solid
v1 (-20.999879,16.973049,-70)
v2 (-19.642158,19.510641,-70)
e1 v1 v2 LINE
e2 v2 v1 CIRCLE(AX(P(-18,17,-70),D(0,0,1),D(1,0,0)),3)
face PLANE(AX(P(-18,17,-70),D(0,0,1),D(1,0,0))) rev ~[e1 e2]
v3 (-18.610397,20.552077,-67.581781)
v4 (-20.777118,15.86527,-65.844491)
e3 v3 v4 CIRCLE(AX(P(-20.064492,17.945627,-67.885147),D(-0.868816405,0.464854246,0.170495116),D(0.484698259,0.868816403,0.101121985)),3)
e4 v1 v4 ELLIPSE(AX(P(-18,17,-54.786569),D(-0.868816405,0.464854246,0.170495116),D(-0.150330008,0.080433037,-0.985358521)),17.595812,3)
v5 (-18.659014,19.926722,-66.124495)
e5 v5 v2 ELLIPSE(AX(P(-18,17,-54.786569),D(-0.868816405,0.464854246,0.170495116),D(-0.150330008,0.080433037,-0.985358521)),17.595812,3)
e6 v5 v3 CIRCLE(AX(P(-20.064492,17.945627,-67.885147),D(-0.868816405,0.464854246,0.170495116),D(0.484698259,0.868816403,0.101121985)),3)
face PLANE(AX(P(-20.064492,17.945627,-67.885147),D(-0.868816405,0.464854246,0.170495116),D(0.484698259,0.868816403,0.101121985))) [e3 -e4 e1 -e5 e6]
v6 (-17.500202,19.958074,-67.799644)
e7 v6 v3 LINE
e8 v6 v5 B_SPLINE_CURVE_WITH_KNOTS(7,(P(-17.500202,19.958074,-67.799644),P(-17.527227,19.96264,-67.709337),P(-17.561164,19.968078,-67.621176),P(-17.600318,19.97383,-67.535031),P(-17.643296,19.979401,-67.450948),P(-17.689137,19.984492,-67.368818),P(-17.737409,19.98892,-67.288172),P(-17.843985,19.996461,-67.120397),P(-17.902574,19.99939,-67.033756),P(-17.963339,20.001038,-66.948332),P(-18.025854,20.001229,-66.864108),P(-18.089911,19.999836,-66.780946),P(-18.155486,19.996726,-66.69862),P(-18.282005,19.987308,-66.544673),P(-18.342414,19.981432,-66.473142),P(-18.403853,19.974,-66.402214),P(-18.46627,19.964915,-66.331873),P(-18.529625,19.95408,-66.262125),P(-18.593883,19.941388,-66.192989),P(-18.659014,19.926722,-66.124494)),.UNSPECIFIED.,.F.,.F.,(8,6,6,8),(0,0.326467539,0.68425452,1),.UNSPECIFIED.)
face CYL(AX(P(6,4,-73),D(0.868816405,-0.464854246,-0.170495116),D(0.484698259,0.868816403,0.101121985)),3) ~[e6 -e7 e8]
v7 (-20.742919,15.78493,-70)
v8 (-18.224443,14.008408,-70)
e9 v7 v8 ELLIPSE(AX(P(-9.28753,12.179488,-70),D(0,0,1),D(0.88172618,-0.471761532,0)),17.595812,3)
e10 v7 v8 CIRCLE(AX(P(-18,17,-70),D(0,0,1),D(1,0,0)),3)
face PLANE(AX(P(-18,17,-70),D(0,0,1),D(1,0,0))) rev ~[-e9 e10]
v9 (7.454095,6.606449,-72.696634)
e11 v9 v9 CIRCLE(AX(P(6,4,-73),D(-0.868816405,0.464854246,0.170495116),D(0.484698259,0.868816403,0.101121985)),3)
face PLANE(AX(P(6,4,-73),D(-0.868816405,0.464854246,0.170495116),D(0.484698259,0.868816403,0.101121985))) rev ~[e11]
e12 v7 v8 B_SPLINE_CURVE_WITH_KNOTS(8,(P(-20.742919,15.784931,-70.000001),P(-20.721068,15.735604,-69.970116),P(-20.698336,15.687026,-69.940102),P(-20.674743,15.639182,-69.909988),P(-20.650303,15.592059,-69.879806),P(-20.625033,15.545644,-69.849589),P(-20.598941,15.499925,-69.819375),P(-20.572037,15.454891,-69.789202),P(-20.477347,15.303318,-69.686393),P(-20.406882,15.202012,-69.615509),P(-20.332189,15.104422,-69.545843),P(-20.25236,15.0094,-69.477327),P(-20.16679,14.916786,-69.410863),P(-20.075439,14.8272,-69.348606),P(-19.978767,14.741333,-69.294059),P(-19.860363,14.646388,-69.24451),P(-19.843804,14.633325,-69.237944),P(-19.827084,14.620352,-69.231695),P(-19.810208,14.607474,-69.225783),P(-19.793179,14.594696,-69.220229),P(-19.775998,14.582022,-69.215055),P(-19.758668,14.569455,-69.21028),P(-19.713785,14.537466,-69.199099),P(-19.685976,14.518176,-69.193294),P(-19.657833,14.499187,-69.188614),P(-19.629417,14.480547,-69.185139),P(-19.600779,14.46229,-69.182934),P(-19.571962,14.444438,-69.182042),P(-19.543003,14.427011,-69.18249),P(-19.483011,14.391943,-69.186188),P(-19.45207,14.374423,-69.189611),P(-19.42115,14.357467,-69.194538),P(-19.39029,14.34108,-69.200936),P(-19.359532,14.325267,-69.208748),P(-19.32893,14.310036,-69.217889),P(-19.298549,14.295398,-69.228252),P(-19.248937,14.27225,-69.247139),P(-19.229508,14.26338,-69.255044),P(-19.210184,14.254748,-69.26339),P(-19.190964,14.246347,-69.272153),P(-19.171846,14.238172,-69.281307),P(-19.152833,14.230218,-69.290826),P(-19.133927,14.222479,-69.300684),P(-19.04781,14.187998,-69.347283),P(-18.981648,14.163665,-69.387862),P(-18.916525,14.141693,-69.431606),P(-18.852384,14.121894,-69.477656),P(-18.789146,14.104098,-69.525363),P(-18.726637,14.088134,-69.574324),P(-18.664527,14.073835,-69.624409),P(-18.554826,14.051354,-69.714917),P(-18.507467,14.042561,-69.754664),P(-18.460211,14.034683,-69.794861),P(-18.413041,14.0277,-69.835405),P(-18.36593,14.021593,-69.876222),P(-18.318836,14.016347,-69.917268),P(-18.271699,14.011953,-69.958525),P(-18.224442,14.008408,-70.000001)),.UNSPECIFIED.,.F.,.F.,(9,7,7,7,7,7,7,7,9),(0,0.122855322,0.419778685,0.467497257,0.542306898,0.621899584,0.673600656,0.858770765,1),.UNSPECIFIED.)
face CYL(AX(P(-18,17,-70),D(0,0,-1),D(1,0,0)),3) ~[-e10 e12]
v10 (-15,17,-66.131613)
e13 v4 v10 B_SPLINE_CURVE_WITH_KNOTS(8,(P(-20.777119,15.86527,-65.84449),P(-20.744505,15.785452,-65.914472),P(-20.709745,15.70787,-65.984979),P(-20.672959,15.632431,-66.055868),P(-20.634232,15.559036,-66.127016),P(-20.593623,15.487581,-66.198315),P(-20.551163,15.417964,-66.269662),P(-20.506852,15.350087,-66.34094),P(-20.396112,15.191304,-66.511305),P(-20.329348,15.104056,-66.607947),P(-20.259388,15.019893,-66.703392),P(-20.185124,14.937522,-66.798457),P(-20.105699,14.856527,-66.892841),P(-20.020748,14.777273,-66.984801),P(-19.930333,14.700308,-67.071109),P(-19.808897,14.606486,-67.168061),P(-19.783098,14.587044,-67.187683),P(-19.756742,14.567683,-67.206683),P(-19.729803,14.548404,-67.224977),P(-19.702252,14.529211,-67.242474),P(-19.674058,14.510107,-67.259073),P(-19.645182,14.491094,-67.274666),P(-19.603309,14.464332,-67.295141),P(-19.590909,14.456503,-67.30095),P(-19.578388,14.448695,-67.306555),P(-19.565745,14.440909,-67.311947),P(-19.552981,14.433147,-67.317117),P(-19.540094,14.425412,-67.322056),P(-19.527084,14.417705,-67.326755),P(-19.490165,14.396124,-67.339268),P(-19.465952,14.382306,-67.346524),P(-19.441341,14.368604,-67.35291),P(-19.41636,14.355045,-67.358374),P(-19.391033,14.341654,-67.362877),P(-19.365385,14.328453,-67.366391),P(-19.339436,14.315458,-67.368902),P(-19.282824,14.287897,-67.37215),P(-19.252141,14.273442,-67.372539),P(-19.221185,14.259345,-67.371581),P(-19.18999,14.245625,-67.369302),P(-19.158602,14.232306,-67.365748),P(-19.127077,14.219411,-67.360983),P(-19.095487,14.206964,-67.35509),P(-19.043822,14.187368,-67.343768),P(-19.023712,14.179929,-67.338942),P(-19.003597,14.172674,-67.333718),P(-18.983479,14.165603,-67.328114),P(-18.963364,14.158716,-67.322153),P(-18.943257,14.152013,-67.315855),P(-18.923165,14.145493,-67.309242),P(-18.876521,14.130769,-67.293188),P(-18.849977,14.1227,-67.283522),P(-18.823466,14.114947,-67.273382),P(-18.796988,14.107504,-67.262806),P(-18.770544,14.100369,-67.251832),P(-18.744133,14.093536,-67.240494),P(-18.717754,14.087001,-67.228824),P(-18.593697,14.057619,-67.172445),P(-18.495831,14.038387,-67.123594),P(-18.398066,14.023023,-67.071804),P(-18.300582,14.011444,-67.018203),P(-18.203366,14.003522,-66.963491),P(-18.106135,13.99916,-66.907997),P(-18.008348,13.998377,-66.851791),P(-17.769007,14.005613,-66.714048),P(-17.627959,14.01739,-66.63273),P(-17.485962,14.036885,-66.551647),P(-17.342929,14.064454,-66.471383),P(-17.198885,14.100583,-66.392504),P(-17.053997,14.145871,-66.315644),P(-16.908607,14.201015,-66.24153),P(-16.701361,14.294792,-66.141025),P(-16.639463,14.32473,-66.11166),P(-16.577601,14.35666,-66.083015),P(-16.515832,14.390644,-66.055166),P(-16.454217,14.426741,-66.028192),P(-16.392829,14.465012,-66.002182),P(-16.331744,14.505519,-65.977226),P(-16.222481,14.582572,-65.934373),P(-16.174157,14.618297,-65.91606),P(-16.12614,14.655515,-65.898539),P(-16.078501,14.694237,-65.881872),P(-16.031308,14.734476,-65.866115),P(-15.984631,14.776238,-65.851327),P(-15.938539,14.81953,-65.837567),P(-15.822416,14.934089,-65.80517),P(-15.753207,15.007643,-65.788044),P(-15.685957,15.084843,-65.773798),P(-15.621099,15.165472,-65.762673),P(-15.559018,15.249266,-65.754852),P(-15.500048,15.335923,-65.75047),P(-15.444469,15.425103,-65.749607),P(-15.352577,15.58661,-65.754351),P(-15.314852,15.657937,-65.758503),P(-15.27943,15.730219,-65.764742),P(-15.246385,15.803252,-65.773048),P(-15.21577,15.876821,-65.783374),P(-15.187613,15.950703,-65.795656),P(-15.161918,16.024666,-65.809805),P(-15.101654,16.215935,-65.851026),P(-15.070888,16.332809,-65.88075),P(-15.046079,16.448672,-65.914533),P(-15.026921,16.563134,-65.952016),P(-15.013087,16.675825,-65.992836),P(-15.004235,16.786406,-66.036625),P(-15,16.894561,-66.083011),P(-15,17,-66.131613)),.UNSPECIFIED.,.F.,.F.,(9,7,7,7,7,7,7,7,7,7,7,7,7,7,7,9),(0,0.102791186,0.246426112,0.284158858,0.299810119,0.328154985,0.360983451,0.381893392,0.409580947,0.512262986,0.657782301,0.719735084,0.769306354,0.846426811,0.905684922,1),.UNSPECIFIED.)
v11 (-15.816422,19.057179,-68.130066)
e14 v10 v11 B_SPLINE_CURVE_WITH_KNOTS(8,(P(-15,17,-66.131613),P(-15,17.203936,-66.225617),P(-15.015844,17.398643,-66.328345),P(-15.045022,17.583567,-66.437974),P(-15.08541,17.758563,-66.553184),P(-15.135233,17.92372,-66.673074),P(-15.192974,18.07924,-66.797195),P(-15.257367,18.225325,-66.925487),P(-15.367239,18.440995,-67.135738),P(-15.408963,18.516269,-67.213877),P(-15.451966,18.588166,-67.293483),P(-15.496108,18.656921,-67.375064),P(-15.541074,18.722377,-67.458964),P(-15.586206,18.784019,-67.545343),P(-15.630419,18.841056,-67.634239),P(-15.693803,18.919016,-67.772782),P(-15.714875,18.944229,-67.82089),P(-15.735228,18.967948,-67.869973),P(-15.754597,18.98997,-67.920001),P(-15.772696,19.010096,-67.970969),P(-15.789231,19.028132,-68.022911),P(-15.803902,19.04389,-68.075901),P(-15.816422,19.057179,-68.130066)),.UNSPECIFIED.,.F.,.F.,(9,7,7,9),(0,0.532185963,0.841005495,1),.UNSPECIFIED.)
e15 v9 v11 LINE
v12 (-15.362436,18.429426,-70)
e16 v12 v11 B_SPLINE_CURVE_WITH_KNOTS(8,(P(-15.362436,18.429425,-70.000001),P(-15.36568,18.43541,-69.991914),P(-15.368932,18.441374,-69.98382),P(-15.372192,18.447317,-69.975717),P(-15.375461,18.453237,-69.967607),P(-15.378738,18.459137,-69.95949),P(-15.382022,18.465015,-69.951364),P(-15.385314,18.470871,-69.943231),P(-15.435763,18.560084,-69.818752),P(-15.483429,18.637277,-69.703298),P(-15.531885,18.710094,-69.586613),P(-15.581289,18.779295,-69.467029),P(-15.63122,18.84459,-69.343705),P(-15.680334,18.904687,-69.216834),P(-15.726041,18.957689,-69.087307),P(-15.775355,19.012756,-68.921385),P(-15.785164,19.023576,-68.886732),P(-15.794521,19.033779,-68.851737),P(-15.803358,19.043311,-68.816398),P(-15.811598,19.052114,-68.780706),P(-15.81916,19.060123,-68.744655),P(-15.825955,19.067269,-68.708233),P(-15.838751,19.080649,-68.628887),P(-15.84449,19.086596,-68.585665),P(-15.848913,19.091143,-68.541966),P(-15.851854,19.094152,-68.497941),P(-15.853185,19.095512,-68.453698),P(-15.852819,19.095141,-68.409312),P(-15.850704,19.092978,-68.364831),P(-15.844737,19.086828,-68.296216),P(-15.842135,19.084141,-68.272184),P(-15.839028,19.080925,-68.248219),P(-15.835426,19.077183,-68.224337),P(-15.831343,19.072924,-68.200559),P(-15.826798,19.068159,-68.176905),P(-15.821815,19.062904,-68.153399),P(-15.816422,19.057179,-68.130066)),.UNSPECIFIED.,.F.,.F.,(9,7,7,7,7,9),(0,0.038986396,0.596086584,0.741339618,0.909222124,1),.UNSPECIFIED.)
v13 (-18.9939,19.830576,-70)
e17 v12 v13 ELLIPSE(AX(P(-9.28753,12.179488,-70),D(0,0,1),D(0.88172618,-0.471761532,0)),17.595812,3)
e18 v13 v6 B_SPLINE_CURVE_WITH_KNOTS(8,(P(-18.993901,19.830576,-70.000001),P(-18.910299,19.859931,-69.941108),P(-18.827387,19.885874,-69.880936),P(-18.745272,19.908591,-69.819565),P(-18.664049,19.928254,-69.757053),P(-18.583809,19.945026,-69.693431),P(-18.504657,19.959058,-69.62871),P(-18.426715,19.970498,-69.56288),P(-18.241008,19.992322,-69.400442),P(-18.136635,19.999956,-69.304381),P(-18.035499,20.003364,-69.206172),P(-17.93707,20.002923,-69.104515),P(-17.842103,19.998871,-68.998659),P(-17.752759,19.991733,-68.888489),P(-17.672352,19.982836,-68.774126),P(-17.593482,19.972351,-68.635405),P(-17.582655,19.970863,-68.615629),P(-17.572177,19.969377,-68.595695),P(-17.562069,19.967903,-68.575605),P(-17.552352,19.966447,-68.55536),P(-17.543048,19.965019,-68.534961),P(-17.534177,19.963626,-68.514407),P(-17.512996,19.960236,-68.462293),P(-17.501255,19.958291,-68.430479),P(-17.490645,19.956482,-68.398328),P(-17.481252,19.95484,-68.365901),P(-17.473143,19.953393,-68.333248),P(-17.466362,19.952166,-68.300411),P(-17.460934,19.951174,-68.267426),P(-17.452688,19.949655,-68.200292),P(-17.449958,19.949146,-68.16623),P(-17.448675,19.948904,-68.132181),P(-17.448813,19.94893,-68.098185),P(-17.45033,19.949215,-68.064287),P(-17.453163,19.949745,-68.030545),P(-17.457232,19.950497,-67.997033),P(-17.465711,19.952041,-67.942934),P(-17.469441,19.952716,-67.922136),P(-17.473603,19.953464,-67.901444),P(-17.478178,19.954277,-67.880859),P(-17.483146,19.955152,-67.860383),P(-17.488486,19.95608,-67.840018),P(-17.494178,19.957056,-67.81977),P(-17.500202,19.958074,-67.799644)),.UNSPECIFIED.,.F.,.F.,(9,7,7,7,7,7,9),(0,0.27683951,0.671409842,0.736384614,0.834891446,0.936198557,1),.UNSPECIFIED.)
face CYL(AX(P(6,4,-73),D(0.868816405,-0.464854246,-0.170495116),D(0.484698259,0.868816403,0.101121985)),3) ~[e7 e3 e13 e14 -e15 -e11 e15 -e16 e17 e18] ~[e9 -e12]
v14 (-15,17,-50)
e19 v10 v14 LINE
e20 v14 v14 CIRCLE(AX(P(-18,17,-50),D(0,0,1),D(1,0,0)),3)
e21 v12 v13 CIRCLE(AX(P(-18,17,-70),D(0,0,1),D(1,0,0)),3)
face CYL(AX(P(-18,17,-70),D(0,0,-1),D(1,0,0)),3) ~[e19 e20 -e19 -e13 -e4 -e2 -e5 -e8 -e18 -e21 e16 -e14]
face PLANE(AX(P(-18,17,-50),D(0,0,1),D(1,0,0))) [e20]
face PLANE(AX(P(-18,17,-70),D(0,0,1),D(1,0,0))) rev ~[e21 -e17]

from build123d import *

# Parameters (mm, degrees)
CYLINDER061_R               = 3
CYLINDER061_DEPTH           = 20
CYLINDER060_R               = 3
CYLINDER060_DEPTH           = 30
CYLINDER060_ROLL_ANGLE      = -80.132309
CYLINDER060_PITCH_ANGLE     = -5.803783
CYLINDER060_PLACEMENT_ANGLE = 60.843577


with BuildPart() as cylindre057:
    # Cylinder061 → Cylinder061 (new body)
    with BuildSketch(Plane(origin=(-18, 17, -70), x_dir=(1, 0, 0), z_dir=(0, 0, 1))):
        Circle(CYLINDER061_R)
    extrude(amount=CYLINDER061_DEPTH)


with BuildPart() as fusion030:
    # Cylinder060 → Cylinder060 (new body)
    with BuildSketch(Plane.XY):
        Circle(CYLINDER060_R)
    extrude(amount=CYLINDER060_DEPTH)


with BuildPart() as fusion030_1:
    # Cylinder060 roll: moved
    add(fusion030.part.rotate(Axis((0, 0, 0), (1, 0, 0)), CYLINDER060_ROLL_ANGLE))


with BuildPart() as fusion030_2:
    # Cylinder060 pitch: moved
    add(fusion030_1.part.rotate(Axis((0, 0, 0), (0, 1, 0)), CYLINDER060_PITCH_ANGLE))


with BuildPart() as fusion030_3:
    # Cylinder060 placement: moved
    add(fusion030_2.part.moved(Location((6, 4, -73))).rotate(Axis((6, 4, -73), (0, 0, 1)), CYLINDER060_PLACEMENT_ANGLE))

    # Fusion030: union Cylindre057
    add(cylindre057.part)


solid = fusion030_3.part
